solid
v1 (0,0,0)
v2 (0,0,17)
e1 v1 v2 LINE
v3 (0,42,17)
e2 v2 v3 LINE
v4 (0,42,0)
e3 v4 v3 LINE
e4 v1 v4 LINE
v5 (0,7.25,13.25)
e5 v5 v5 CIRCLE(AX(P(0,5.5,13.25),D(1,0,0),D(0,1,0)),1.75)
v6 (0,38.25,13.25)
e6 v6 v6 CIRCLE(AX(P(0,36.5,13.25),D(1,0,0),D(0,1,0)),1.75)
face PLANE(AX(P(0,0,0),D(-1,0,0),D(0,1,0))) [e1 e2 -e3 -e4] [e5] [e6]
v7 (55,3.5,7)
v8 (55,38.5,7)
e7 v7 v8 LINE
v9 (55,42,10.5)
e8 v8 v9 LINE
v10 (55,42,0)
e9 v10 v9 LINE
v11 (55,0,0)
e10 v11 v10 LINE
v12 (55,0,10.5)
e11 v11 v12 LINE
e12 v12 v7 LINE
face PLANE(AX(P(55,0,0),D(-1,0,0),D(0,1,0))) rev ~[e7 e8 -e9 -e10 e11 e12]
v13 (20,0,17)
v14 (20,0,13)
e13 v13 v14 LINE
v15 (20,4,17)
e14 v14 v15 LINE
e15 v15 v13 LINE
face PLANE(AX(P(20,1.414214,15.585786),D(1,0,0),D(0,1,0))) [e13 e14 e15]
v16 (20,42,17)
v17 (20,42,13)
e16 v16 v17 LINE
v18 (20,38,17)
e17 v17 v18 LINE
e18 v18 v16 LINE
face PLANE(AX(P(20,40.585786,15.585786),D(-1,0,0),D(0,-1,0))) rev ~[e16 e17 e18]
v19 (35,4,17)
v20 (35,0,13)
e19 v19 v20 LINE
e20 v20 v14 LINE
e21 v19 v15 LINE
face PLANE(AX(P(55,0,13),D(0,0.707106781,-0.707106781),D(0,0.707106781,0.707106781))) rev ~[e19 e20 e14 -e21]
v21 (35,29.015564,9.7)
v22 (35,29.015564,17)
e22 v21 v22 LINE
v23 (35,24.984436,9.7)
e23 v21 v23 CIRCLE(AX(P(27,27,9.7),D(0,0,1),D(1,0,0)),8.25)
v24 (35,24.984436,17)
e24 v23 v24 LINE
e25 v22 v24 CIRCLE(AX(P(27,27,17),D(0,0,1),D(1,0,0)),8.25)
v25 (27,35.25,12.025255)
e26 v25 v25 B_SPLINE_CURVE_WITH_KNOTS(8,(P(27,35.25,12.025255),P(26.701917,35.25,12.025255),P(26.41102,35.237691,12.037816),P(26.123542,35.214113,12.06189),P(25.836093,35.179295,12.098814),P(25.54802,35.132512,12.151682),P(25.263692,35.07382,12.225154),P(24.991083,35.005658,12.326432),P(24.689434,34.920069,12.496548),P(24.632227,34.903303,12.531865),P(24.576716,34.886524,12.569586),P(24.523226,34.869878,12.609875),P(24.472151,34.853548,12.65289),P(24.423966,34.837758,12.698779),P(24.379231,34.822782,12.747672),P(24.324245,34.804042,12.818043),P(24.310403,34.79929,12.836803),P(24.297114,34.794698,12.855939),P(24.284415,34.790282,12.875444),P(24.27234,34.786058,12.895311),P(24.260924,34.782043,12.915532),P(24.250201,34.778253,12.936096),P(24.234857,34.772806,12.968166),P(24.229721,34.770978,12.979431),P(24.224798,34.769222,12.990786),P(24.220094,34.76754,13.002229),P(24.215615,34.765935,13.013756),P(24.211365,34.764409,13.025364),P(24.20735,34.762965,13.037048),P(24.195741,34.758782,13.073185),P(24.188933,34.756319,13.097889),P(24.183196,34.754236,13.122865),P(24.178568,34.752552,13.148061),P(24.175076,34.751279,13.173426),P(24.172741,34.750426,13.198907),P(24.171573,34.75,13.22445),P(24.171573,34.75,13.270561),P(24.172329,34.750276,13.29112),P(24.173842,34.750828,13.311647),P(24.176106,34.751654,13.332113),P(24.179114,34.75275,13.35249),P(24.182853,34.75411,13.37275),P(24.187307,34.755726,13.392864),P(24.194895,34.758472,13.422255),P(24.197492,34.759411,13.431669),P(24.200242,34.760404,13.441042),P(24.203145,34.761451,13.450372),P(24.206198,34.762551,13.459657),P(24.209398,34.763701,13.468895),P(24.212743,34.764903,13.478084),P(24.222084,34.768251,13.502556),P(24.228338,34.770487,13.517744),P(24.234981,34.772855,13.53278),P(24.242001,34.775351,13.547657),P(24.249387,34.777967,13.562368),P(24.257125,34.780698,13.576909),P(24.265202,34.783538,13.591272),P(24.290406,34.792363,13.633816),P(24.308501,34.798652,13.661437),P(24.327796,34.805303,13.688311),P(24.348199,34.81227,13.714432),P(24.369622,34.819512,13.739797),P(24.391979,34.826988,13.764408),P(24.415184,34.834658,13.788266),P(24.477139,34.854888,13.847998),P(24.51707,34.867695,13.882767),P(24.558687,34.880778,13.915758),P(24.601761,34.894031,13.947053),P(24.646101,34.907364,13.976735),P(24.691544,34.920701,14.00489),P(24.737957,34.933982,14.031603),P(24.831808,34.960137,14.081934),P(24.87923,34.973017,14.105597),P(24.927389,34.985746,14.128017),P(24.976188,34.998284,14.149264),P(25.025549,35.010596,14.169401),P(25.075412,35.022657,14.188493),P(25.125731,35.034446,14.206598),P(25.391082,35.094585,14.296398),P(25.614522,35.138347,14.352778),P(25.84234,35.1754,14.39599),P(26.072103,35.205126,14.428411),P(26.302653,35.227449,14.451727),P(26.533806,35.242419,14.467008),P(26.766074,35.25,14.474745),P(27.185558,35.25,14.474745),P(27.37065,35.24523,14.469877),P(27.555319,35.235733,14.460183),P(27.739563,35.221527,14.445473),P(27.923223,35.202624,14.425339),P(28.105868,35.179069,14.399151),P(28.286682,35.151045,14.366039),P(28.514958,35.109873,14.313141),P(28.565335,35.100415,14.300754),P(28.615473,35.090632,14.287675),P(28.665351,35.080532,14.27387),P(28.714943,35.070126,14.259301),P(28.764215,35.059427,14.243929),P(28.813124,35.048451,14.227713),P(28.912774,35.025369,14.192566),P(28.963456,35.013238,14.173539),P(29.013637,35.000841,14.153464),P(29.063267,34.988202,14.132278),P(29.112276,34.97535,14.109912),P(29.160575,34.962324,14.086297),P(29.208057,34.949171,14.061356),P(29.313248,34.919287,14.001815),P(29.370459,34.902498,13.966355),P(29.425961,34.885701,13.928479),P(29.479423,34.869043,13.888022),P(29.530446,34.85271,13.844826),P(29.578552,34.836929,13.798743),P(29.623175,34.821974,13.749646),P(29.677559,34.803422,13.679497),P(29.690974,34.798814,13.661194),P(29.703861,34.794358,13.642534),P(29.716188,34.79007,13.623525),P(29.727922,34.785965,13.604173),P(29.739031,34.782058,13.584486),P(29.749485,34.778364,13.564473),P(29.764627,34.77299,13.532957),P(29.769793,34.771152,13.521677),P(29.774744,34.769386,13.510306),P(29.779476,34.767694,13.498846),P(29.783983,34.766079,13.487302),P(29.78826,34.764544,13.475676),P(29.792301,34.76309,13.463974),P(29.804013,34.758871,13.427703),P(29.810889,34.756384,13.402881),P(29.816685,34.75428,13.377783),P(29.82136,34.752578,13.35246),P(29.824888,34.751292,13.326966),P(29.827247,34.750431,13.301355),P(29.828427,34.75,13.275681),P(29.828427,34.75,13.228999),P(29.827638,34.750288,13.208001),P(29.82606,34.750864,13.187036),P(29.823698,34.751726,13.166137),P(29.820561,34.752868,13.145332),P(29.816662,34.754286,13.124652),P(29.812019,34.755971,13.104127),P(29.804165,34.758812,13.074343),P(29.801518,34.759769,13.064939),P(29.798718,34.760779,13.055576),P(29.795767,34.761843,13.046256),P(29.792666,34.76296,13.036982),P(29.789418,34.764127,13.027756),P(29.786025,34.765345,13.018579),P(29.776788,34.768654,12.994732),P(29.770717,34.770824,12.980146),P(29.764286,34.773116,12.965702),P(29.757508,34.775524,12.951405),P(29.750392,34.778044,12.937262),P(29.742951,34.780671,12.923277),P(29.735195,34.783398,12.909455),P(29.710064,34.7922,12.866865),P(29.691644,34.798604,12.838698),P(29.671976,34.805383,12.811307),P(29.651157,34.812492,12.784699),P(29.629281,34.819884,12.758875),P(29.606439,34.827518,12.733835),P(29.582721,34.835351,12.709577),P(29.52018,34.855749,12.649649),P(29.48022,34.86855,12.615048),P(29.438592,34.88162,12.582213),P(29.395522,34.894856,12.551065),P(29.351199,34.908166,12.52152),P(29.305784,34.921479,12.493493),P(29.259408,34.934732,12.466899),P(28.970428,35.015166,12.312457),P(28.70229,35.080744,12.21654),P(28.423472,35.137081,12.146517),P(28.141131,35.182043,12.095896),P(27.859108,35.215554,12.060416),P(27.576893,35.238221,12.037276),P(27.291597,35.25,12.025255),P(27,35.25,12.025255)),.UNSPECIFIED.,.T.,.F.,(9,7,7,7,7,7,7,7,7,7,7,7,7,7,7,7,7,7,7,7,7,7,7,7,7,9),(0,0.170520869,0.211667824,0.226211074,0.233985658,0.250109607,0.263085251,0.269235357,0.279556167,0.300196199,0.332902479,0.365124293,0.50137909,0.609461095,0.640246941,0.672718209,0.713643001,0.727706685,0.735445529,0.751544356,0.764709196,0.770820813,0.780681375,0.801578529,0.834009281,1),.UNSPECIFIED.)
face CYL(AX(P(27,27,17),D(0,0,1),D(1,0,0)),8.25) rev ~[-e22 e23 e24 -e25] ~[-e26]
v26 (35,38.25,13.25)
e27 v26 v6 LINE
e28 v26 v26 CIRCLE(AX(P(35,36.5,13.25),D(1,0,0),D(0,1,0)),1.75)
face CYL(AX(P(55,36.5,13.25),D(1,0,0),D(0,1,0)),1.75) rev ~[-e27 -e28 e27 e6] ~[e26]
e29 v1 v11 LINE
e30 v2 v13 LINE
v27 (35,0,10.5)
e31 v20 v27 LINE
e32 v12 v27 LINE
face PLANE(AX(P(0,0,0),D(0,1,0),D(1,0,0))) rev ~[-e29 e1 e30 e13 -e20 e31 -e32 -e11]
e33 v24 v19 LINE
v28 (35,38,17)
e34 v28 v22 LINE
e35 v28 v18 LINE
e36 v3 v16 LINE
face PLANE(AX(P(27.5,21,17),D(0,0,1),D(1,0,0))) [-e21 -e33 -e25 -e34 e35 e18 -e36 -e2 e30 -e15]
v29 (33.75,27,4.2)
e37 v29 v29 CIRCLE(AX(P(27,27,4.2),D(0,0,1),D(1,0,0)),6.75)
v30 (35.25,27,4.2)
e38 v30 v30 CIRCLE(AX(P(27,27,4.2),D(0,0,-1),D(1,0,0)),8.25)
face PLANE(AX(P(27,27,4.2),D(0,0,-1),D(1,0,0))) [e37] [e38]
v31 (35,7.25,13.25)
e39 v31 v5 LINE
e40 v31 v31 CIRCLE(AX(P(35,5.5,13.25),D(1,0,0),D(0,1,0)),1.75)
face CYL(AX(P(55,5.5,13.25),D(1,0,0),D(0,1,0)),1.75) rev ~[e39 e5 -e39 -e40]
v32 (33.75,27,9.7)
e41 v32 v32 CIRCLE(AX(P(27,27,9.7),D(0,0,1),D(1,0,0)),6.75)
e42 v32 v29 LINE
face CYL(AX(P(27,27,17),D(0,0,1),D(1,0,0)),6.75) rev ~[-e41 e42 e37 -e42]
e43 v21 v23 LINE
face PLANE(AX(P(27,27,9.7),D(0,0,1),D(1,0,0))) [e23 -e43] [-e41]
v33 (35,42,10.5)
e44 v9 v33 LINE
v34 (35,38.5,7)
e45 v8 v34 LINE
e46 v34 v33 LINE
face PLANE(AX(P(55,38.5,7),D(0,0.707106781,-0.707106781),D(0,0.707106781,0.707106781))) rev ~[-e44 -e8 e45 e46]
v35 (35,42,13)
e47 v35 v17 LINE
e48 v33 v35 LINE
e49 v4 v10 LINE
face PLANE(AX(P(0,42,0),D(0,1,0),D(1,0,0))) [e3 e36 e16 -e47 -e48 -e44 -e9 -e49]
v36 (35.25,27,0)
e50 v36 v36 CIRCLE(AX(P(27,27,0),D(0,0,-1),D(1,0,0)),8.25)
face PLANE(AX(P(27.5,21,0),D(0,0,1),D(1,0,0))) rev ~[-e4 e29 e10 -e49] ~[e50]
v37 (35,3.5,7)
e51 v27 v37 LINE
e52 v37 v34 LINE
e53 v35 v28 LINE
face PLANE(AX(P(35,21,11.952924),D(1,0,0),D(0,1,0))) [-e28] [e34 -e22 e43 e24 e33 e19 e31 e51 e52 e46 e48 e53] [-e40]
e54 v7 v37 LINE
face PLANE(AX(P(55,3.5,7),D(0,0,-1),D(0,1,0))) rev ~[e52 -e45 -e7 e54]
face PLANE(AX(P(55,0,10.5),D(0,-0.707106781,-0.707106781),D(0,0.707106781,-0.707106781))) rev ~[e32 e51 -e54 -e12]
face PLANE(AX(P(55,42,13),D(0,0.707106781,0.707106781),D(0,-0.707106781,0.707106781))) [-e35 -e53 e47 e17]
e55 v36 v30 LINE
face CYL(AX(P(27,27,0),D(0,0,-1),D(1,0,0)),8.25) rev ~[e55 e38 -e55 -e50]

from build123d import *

# Parameters (mm, degrees)
BOX_W           = 55
BOX_H           = 42
BOX_DEPTH       = 17
SKETCH_R        = 1.75
POCKET_DEPTH    = 55.001
POCKET001_DEPTH = 35
POCKET002_DEPTH = 20
SKETCH003_R     = 6.75
POCKET003_DEPTH = 17.001
SKETCH004_R     = 8.25
POCKET004_DEPTH = 7.3
SKETCH005_R     = 8.25
POCKET005_DEPTH = 4.2


with BuildPart() as part:
    # Box → Box (new body)
    with BuildSketch(Plane.XY):
        with Locations((27.5, 21)):
            Rectangle(BOX_W, BOX_H)
    extrude(amount=BOX_DEPTH)

    # Sketch (on Face2 of BaseFeature) → Pocket (cut, through all)
    with BuildSketch(Plane.YZ.offset(55)):
        with Locations((5.5, 13.25)):
            Circle(SKETCH_R)
        with Locations((36.5, 13.25)):
            Circle(SKETCH_R)
    extrude(amount=-POCKET_DEPTH, mode=Mode.SUBTRACT)

    # Sketch001 (on Face2 of BaseFeature) → Pocket001 (cut)
    with BuildSketch(Plane.YZ.offset(55)):
        Polygon((4, 17), (0, 17), (0, 13), align=None)
        Polygon((38, 17), (42, 17), (42, 13), align=None)
    extrude(amount=-POCKET001_DEPTH, mode=Mode.SUBTRACT)

    # Sketch002 (on Face8 of Pocket001) → Pocket002 (cut)
    with BuildSketch(Plane.YZ.offset(55)):
        Polygon((4, 17), (0, 13), (0, 10.5), (3.5, 7), (38.5, 7), (42, 10.5), (42, 13), (38, 17), align=None)
    extrude(amount=-POCKET002_DEPTH, mode=Mode.SUBTRACT)

    # Sketch003 (on Face3 of Pocket002) → Pocket003 (cut, through all)
    with BuildSketch(Plane.XY.offset(17)):
        with Locations((27, 27)):
            Circle(SKETCH003_R)
    extrude(amount=-POCKET003_DEPTH, mode=Mode.SUBTRACT)

    # Sketch004 (on Face3 of Pocket003) → Pocket004 (cut)
    with BuildSketch(Plane.XY.offset(17)):
        with Locations((27, 27)):
            Circle(SKETCH004_R)
    extrude(amount=-POCKET004_DEPTH, mode=Mode.SUBTRACT)

    # Sketch005 (on Face4 of Pocket004) → Pocket005 (cut)
    with BuildSketch(Plane(origin=(0, 0, 0), x_dir=(1, 0, 0), z_dir=(0, 0, -1))):
        with Locations((27, -27)):
            Circle(SKETCH005_R)
    extrude(amount=-POCKET005_DEPTH, mode=Mode.SUBTRACT)


solid = part.part
